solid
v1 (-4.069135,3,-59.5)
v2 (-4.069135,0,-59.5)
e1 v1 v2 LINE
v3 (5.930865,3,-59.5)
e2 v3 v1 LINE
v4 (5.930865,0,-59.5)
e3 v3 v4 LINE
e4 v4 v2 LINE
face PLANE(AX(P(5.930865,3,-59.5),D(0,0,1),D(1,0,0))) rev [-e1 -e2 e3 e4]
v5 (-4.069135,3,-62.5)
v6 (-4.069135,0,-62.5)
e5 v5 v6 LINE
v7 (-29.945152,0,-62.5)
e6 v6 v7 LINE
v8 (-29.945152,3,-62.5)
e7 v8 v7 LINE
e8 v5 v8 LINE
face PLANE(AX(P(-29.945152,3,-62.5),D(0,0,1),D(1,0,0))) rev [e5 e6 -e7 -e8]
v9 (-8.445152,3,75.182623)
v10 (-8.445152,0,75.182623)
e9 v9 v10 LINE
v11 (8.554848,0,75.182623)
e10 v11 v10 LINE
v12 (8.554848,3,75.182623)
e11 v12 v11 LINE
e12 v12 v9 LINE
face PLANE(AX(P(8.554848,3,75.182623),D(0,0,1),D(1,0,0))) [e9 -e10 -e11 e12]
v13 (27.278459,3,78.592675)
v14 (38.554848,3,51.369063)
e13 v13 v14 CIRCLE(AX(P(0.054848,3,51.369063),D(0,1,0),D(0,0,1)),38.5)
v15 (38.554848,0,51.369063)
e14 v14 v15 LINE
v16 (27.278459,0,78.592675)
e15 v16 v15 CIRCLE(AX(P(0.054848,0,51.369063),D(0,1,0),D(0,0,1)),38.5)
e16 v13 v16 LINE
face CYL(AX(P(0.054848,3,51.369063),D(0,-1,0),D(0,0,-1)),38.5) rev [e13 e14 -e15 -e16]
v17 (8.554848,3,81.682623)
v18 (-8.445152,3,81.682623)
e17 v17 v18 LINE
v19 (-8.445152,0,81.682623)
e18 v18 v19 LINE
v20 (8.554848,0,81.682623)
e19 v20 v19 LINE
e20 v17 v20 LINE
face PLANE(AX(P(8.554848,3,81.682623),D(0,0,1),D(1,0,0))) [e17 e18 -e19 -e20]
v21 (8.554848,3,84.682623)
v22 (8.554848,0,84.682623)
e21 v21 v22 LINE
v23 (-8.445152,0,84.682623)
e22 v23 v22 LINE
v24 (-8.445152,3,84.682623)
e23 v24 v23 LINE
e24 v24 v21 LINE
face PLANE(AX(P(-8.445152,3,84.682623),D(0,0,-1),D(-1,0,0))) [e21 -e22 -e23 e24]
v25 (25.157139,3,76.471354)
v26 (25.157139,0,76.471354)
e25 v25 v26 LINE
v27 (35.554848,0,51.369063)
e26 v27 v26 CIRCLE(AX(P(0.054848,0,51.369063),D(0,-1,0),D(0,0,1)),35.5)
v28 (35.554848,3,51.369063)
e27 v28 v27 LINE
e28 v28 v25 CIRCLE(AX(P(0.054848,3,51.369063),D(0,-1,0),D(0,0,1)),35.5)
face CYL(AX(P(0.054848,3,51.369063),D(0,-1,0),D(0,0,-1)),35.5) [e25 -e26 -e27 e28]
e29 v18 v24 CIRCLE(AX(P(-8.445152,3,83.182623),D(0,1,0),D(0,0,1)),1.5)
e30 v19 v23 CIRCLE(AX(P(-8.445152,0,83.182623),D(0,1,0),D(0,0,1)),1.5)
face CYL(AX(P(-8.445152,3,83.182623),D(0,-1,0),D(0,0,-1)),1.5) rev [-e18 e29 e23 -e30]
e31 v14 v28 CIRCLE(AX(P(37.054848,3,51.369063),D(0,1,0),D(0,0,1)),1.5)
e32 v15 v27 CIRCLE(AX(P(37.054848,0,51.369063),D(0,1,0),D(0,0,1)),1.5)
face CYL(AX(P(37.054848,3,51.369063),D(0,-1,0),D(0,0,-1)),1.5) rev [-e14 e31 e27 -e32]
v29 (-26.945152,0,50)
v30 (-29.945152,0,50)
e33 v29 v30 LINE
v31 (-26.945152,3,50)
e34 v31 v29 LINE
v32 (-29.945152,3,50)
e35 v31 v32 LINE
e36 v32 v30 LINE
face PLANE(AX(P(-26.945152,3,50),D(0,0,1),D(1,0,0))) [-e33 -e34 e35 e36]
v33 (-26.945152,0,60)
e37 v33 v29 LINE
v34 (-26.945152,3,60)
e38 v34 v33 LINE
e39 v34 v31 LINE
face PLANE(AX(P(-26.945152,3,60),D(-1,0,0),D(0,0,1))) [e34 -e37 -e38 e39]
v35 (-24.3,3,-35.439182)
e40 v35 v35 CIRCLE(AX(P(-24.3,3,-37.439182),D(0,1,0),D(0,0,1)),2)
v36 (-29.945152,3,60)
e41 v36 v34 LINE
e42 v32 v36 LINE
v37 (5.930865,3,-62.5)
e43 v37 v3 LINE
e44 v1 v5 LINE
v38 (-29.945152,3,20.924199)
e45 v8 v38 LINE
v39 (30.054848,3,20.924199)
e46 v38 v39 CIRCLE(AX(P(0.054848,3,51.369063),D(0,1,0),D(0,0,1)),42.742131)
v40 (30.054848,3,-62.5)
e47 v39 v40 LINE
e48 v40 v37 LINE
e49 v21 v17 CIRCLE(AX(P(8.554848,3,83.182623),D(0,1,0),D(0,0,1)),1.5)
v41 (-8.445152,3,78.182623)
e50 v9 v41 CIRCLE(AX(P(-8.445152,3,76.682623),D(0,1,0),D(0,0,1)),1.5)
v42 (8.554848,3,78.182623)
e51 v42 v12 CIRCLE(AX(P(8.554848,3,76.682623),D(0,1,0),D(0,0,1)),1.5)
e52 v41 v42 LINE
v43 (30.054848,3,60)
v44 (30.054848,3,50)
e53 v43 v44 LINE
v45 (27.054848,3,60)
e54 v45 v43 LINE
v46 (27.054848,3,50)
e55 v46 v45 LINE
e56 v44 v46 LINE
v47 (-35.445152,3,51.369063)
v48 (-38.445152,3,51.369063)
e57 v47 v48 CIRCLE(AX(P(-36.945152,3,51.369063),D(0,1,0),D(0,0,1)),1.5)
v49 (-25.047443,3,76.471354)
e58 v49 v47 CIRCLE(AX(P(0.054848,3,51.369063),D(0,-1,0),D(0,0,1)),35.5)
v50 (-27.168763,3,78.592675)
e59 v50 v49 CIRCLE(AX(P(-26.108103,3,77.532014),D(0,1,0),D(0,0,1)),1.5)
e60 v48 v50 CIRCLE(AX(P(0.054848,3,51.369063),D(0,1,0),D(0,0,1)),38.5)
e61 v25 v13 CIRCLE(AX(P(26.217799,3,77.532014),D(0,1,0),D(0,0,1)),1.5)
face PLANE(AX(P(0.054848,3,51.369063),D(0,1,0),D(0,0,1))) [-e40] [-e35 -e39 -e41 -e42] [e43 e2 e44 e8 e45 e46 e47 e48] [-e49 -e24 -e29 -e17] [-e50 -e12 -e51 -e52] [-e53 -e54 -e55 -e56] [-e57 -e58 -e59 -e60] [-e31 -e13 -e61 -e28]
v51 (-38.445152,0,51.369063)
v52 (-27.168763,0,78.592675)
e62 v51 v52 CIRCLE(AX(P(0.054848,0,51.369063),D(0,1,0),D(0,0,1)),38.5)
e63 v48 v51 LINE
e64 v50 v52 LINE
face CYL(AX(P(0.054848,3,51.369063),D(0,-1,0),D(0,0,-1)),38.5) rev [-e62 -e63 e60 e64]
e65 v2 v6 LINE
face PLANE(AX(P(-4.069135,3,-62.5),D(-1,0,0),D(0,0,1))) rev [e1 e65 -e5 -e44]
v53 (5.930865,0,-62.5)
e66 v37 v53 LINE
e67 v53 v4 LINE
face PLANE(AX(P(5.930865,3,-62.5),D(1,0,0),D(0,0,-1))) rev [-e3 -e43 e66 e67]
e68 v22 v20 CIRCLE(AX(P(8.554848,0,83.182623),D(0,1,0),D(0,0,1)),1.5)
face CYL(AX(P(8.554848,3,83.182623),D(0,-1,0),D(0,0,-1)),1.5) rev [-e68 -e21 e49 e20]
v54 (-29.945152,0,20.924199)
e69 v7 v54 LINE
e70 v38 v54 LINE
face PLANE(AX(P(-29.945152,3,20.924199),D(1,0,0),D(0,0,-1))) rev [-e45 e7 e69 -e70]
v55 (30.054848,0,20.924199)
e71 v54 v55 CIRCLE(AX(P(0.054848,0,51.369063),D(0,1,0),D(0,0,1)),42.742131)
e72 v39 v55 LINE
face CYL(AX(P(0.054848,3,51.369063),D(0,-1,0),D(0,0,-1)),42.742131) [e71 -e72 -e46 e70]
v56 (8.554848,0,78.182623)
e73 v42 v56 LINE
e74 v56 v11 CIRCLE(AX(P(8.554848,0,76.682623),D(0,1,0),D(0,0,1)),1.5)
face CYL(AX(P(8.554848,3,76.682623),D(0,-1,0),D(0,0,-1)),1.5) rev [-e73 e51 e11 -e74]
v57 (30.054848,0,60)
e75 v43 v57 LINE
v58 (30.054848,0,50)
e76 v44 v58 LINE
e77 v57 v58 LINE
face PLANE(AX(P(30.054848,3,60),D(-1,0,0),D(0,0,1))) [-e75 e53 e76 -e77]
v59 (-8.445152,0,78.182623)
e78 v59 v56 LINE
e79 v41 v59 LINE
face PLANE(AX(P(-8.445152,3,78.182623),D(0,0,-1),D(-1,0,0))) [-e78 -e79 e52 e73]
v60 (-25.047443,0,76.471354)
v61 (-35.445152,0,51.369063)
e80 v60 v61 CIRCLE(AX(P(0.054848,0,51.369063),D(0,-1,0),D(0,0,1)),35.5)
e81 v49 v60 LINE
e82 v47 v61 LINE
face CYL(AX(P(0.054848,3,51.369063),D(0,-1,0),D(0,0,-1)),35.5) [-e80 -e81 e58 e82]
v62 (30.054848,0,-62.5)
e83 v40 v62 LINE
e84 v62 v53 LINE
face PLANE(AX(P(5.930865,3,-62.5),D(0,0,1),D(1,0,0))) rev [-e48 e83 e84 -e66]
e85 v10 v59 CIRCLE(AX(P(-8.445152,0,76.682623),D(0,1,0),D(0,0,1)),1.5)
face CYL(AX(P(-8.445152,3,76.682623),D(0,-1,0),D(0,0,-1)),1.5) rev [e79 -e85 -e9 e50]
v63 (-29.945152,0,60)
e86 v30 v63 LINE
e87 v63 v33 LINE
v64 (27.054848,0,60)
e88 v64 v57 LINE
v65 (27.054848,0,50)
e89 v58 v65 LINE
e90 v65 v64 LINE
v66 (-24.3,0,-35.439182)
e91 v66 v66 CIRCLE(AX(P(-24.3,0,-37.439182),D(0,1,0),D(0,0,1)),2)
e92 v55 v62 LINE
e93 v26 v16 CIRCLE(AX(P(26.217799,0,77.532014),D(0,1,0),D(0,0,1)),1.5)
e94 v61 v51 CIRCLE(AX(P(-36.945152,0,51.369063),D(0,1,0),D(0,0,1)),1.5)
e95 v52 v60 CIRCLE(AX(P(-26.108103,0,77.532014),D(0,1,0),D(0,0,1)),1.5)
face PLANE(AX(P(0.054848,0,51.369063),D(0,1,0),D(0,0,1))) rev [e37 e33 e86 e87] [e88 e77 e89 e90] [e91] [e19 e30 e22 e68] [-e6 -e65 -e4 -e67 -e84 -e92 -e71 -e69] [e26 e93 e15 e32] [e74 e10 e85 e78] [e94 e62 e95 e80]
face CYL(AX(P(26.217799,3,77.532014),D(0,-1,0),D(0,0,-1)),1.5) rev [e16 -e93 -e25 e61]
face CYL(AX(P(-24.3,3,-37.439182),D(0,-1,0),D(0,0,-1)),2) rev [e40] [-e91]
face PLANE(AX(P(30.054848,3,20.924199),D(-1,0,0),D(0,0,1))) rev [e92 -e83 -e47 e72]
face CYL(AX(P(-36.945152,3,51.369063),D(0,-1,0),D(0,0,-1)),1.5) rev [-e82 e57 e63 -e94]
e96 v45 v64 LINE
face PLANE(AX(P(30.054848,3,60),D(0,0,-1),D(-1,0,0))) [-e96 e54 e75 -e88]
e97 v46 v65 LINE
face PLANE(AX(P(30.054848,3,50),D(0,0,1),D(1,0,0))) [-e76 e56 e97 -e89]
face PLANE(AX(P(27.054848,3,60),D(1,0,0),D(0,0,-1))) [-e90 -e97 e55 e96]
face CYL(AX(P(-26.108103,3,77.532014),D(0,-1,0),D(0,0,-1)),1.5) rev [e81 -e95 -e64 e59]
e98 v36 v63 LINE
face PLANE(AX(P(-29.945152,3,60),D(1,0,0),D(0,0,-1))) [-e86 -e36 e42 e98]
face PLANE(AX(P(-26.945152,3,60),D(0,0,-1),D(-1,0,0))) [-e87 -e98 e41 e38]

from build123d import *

# Parameters (mm, degrees)
CROQUIS1_R              = 2
CROQUIS1_W              = 3
CROQUIS1_H              = 10
SALIENTE_EXTRUIR1_DEPTH = 3


with BuildPart() as part:
    # Croquis1 → Saliente-Extruir1 (new body)
    with BuildSketch(Plane(origin=(0, 0, 0), x_dir=(1, 0, 0), z_dir=(0, 1, 0))):
        with BuildLine():
            Line((-29.945152174, -20.924198867), (-29.945152174, 62.5))
            Line((-29.945152174, 62.5), (-4.069135421, 62.5))
            Line((-4.069135421, 62.5), (-4.069135421, 59.5))
            Line((-4.069135421, 59.5), (5.930864579, 59.5))
            Line((5.930864579, 59.5), (5.930864579, 62.5))
            Line((5.930864579, 62.5), (30.054847826, 62.5))
            Line((30.054847826, 62.5), (30.054847826, -20.924198867))
            ThreePointArc((30.054847826, -20.924198867), (0.054847826, -94.111194706), (-29.945152174, -20.924198867))
        make_face()
        with Locations(Location((-24.3, 37.439181633, 0), (0, 0, 270))):
            Circle(CROQUIS1_R, mode=Mode.SUBTRACT)
        with Locations((28.554847826, -55)):
            Rectangle(CROQUIS1_W, CROQUIS1_H, mode=Mode.SUBTRACT)
        with Locations((-28.445152174, -55)):
            Rectangle(CROQUIS1_W, CROQUIS1_H, mode=Mode.SUBTRACT)
        with BuildLine():
            Line((8.554847826, -75.182623358), (-8.445152174, -75.182623358))
            ThreePointArc((-8.445152174, -75.182623358), (-9.945152174, -76.682623358), (-8.445152174, -78.182623358))
            Line((-8.445152174, -78.182623358), (8.554847826, -78.182623358))
            ThreePointArc((8.554847826, -78.182623358), (10.054847826, -76.682623358), (8.554847826, -75.182623358))
        make_face(mode=Mode.SUBTRACT)
        with BuildLine():
            Line((8.554847826, -81.682623358), (-8.445152174, -81.682623358))
            ThreePointArc((-8.445152174, -81.682623358), (-9.945152174, -83.182623358), (-8.445152174, -84.682623358))
            Line((-8.445152174, -84.682623358), (8.554847826, -84.682623358))
            ThreePointArc((8.554847826, -84.682623358), (10.054847826, -83.182623358), (8.554847826, -81.682623358))
        make_face(mode=Mode.SUBTRACT)
        with BuildLine():
            ThreePointArc((25.157138558, -76.471354215), (32.85257123, -64.954325332), (35.554847826, -51.369063483))
            ThreePointArc((35.554847826, -51.369063483), (37.054847826, -49.869063483), (38.554847826, -51.369063483))
            ThreePointArc((38.554847826, -51.369063483), (35.624209827, -66.102375629), (27.278458901, -78.592674559))
            ThreePointArc((27.278458901, -78.592674559), (25.157138558, -78.592674559), (25.157138558, -76.471354215))
        make_face(mode=Mode.SUBTRACT)
        with BuildLine():
            ThreePointArc((-35.445152174, -51.369063483), (-32.742875579, -64.954325332), (-25.047442907, -76.471354215))
            ThreePointArc((-25.047442907, -76.471354215), (-25.047442907, -78.592674559), (-27.16876325, -78.592674559))
            ThreePointArc((-27.16876325, -78.592674559), (-35.514514176, -66.102375629), (-38.445152174, -51.369063483))
            ThreePointArc((-38.445152174, -51.369063483), (-36.945152174, -49.869063483), (-35.445152174, -51.369063483))
        make_face(mode=Mode.SUBTRACT)
    extrude(amount=SALIENTE_EXTRUIR1_DEPTH)


solid = part.part
